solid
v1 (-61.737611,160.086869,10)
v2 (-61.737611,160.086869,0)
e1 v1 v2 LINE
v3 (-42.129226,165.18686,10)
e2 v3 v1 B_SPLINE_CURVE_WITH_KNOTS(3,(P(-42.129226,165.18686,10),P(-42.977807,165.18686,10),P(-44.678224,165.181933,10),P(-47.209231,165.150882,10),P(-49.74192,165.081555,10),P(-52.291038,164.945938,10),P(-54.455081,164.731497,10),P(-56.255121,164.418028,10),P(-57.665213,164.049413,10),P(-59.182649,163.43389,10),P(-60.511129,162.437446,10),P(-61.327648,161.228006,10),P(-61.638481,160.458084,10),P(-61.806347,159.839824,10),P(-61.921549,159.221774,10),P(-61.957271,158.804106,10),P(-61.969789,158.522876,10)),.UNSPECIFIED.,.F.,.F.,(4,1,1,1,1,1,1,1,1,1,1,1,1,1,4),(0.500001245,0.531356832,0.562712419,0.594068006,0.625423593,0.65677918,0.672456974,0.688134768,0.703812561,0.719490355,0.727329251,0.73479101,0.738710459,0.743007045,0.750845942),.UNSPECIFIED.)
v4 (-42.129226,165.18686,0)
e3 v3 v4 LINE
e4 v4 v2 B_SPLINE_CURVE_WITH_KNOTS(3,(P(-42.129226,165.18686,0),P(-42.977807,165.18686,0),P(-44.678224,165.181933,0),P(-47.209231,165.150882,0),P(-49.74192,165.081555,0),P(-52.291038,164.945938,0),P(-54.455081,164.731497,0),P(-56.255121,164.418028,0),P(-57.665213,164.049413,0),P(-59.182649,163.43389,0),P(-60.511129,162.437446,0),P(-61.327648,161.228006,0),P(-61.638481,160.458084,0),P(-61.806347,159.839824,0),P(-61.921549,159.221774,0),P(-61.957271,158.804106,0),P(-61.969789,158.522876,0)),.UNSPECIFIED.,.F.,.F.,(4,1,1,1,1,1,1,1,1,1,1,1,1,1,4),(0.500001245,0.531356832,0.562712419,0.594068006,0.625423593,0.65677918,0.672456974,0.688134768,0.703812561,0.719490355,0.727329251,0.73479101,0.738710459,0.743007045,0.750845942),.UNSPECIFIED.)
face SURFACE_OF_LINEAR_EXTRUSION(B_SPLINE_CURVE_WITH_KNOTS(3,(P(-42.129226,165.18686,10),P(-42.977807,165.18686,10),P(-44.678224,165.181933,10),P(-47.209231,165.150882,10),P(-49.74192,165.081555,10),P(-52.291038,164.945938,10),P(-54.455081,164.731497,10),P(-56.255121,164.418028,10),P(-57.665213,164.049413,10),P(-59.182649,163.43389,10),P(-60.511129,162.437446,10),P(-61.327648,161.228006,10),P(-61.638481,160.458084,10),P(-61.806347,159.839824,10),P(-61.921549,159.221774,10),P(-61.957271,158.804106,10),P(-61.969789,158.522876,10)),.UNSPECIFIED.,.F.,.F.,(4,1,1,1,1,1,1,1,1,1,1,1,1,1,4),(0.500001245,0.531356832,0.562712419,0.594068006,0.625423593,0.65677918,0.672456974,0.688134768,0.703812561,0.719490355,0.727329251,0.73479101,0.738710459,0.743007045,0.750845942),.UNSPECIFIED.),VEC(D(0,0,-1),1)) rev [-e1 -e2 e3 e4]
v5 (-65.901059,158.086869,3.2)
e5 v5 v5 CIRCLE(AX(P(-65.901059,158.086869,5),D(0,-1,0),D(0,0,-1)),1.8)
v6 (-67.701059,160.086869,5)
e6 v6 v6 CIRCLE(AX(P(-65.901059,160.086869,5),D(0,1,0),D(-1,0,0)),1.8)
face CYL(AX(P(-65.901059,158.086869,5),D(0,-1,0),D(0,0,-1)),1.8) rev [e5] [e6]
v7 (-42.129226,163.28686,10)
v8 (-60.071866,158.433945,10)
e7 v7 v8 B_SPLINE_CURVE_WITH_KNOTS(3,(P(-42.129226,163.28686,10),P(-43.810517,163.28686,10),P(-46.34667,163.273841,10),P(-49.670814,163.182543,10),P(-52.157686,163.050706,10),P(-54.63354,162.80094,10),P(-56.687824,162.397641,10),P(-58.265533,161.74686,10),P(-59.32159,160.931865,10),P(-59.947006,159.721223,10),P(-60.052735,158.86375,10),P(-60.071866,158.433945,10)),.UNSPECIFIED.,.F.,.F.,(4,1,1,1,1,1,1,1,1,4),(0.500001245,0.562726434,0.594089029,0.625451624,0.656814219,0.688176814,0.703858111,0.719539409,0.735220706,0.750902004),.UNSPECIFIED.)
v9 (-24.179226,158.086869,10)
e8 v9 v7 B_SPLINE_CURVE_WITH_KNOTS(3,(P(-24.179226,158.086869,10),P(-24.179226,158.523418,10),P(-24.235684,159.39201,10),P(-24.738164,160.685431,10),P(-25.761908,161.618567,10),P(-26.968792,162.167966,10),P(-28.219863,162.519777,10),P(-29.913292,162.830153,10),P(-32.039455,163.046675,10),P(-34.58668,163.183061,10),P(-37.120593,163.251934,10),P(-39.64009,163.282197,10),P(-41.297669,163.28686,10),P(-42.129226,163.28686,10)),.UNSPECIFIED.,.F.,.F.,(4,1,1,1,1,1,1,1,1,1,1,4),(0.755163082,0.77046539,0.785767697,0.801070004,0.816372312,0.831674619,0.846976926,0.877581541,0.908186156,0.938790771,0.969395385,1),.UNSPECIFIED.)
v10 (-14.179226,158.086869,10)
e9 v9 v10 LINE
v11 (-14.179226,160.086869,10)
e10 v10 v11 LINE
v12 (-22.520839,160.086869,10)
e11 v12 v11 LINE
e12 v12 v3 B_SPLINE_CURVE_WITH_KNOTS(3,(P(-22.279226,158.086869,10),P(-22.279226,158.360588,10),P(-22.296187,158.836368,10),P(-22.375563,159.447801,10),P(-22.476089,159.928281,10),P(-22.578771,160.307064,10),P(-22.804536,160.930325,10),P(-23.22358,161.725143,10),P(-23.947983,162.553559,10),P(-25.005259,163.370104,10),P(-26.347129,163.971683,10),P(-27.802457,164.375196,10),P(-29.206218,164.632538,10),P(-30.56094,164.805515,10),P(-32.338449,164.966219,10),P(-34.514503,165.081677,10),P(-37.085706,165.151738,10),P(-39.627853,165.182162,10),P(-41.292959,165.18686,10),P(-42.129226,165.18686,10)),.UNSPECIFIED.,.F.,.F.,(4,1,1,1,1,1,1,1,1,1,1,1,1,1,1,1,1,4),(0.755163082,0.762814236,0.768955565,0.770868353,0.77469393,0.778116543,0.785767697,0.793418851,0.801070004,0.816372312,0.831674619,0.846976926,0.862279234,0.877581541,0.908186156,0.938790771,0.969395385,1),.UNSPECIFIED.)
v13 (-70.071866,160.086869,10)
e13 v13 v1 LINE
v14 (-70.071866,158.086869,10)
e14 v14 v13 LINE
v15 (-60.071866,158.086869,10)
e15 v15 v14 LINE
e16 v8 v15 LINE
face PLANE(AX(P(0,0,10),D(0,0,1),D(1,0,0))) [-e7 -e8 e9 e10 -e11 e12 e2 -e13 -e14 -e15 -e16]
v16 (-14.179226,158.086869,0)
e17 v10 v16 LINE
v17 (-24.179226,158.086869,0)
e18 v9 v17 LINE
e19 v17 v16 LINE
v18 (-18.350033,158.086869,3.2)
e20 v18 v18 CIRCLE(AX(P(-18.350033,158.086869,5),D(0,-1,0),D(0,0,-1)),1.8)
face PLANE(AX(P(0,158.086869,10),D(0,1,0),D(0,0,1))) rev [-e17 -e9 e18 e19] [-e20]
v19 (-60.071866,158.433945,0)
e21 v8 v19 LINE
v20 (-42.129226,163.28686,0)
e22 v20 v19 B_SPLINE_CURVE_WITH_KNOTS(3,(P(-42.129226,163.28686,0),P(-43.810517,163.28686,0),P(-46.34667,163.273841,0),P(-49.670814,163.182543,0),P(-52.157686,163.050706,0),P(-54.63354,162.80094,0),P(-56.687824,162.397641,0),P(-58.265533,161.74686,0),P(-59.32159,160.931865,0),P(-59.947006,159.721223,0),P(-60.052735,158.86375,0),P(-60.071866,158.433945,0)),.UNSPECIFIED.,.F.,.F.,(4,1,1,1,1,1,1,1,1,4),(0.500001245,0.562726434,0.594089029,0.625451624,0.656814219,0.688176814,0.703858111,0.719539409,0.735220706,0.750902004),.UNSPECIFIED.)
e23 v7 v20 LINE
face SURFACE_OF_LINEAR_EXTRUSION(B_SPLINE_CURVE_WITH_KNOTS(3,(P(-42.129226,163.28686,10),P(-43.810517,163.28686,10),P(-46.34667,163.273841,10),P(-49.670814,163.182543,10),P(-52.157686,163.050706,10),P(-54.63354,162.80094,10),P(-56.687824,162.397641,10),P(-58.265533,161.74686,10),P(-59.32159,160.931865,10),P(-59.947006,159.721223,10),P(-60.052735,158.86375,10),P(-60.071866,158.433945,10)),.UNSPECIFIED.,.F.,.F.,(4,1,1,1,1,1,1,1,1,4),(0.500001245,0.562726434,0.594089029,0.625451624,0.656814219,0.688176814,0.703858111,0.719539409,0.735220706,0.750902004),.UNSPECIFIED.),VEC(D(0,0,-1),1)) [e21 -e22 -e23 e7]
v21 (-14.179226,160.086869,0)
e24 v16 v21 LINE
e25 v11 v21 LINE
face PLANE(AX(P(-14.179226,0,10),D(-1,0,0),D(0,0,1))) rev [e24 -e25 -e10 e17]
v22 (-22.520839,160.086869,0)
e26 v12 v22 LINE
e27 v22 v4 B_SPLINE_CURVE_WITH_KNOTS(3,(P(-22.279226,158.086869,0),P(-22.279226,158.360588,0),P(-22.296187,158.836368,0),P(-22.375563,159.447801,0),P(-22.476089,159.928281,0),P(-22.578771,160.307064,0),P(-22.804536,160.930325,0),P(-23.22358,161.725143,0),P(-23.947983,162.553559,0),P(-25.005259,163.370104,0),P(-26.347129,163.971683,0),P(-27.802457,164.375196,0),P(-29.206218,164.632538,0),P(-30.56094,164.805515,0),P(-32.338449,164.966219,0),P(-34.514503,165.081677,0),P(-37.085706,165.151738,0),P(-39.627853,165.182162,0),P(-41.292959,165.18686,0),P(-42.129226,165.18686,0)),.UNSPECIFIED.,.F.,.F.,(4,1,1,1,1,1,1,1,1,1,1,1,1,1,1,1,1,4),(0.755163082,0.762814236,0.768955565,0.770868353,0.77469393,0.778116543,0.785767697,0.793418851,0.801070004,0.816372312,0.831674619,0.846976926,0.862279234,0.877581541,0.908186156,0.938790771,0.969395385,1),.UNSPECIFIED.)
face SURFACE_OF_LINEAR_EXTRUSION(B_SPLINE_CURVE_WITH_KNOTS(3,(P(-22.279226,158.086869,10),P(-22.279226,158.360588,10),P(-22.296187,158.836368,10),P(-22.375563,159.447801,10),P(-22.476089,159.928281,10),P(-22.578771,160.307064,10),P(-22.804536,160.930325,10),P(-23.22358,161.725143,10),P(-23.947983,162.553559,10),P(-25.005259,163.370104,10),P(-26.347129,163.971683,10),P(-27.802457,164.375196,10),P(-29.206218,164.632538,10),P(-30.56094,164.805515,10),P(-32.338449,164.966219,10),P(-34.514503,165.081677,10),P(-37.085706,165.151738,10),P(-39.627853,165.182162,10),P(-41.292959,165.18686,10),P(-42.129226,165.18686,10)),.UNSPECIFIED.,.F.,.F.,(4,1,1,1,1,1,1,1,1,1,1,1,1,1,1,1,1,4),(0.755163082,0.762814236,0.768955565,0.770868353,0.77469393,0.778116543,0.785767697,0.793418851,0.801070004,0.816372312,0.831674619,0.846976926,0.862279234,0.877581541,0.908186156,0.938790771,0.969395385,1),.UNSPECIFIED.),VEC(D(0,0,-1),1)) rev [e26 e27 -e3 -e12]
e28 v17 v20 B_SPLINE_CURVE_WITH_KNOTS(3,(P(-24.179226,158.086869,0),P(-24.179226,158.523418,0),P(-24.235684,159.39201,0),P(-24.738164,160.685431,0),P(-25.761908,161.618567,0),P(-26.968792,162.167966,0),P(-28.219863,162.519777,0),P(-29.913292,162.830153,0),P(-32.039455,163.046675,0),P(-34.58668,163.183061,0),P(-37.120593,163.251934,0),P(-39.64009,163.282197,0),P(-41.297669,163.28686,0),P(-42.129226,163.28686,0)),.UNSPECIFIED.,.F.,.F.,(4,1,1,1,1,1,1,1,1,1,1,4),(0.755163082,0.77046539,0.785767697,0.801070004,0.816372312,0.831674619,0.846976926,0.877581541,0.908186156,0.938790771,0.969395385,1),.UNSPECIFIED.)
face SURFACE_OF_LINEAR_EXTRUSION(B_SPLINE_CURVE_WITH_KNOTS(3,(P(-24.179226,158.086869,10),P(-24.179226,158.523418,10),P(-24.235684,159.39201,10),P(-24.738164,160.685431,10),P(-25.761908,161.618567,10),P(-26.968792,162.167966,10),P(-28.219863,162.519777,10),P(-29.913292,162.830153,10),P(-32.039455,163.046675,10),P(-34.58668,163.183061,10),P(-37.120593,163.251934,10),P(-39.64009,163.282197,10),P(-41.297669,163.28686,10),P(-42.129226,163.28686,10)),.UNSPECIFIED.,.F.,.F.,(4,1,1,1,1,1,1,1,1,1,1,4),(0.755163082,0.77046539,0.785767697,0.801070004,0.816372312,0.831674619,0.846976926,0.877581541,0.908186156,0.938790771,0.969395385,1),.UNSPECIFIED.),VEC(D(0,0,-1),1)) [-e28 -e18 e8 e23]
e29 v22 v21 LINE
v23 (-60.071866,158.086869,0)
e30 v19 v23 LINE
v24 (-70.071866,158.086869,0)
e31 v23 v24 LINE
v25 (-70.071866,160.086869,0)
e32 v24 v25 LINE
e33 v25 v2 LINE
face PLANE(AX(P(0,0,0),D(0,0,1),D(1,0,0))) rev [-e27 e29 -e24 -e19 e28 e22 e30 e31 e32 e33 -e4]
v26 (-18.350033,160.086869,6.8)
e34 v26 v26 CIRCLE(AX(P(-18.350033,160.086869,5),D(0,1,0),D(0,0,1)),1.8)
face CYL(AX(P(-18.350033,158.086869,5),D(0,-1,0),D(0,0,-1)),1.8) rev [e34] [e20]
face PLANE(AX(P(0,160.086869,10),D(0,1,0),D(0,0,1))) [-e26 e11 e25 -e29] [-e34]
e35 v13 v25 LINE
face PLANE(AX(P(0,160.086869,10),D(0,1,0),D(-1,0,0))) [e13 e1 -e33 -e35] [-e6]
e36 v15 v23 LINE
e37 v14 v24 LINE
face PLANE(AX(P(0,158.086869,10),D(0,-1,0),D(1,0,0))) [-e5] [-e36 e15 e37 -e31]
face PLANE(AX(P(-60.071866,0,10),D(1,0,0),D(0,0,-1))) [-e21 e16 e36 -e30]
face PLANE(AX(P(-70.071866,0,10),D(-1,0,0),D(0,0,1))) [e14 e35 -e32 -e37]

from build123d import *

# Parameters (mm, degrees)
BOSS_EXTRUDE1_DEPTH  = 10
M3_CLEARANCE_HOLE1_D = 3.6


with BuildPart() as part:
    # Sketch1 → Boss-Extrude1 (new body)
    with BuildSketch(Plane.XY):
        with BuildLine():
            Line((-60.071865843, 158.433944586), (-60.071865843, 158.086868585))
            Line((-60.071865843, 158.086868585), (-70.071865843, 158.086868585))
            Line((-70.071865843, 158.086868585), (-70.071865843, 160.086868585))
            Line((-70.071865843, 160.086868585), (-61.737611418, 160.086868585))
            add(Edge.make_bspline(
                [(-42.129225527, 165.186859626), (-42.977807037, 165.186859988), (-44.678224484, 165.181933225), (-47.209231367, 165.150882075), (-49.74192012, 165.081555264), (-52.291038411, 164.945937503), (-54.455080713, 164.731497457), (-56.255120817, 164.418028105), (-57.665212852, 164.04941281), (-59.182648793, 163.43388964), (-60.511128599, 162.437445588), (-61.327648426, 161.2280062), (-61.606787874, 160.536587134), (-61.716531582, 160.164036641), (-61.737611418, 160.086868585)],
                knots=[0.500001245, 0.500001245, 0.500001245, 0.500001245, 0.531356832, 0.562712419, 0.594068006, 0.625423593, 0.65677918, 0.672456974, 0.688134768, 0.703812561, 0.719490355, 0.727329251, 0.73479101, 0.736750735, 0.736750735, 0.736750735, 0.736750735], degree=3))
            add(Edge.make_bspline(
                [(-22.520839316, 160.086868585), (-22.542398925, 160.165792032), (-22.607754881, 160.387078464), (-22.804535541, 160.930325251), (-23.22358028, 161.725143028), (-23.947982988, 162.553558881), (-25.005259277, 163.370103577), (-26.347129003, 163.971682922), (-27.802457078, 164.375196309), (-29.206218405, 164.632537516), (-30.56094003, 164.805515449), (-32.338448656, 164.966218974), (-34.514502554, 165.081677345), (-37.085705755, 165.151738274), (-39.62785294, 165.182162424), (-41.292958253, 165.186859644), (-42.129225527, 165.186859626)],
                knots=[0.772781141, 0.772781141, 0.772781141, 0.772781141, 0.77469393, 0.778116543, 0.785767697, 0.793418851, 0.801070004, 0.816372312, 0.831674619, 0.846976926, 0.862279234, 0.877581541, 0.908186156, 0.938790771, 0.969395385, 0.999999989, 0.999999989, 0.999999989, 0.999999989], degree=3))
            Line((-22.520839316, 160.086868585), (-14.179226419, 160.086868585))
            Line((-14.179226419, 160.086868585), (-14.179226419, 158.086868585))
            Line((-14.179226419, 158.086868585), (-24.179226419, 158.086868585))
            add(Edge.make_bspline(
                [(-24.179226419, 158.086868585), (-24.17922642, 158.52341786), (-24.235684401, 159.39201048), (-24.738163757, 160.685431171), (-25.761907783, 161.618567296), (-26.968792465, 162.167965525), (-28.219863194, 162.51977654), (-29.913292178, 162.830153249), (-32.039454707, 163.046674526), (-34.586679577, 163.183060856), (-37.120592622, 163.251933888), (-39.640089694, 163.282196609), (-41.297668845, 163.286859645), (-42.129226426, 163.286859626)],
                knots=[0.755163082, 0.755163082, 0.755163082, 0.755163082, 0.77046539, 0.785767697, 0.801070004, 0.816372312, 0.831674619, 0.846976926, 0.877581541, 0.908186156, 0.938790771, 0.969395385, 1, 1, 1, 1], degree=3))
            add(Edge.make_bspline(
                [(-42.129226426, 163.286859626), (-43.810516811, 163.286860342), (-46.346669536, 163.273840815), (-49.670813728, 163.182542922), (-52.157685802, 163.050705666), (-54.633540161, 162.800940146), (-56.687823673, 162.397641303), (-58.265533161, 161.746859791), (-59.321589807, 160.931865013), (-59.947005957, 159.721222926), (-60.052734865, 158.863750442), (-60.071865843, 158.433944586)],
                knots=[0.500001245, 0.500001245, 0.500001245, 0.500001245, 0.562726434, 0.594089029, 0.625451624, 0.656814219, 0.688176814, 0.703858111, 0.719539409, 0.735220706, 0.750902004, 0.750902004, 0.750902004, 0.750902004], degree=3))
        make_face()
    extrude(amount=BOSS_EXTRUDE1_DEPTH)

    # M3 Clearance Hole1 (through all)
    with Locations(Plane(origin=(0, 158.086868585, 0), x_dir=(-1, 0, 0), z_dir=(0, -1, 0))):
        with Locations((18.350032933, -5), (65.90105946, -5)):
            Hole(M3_CLEARANCE_HOLE1_D / 2)


solid = part.part
